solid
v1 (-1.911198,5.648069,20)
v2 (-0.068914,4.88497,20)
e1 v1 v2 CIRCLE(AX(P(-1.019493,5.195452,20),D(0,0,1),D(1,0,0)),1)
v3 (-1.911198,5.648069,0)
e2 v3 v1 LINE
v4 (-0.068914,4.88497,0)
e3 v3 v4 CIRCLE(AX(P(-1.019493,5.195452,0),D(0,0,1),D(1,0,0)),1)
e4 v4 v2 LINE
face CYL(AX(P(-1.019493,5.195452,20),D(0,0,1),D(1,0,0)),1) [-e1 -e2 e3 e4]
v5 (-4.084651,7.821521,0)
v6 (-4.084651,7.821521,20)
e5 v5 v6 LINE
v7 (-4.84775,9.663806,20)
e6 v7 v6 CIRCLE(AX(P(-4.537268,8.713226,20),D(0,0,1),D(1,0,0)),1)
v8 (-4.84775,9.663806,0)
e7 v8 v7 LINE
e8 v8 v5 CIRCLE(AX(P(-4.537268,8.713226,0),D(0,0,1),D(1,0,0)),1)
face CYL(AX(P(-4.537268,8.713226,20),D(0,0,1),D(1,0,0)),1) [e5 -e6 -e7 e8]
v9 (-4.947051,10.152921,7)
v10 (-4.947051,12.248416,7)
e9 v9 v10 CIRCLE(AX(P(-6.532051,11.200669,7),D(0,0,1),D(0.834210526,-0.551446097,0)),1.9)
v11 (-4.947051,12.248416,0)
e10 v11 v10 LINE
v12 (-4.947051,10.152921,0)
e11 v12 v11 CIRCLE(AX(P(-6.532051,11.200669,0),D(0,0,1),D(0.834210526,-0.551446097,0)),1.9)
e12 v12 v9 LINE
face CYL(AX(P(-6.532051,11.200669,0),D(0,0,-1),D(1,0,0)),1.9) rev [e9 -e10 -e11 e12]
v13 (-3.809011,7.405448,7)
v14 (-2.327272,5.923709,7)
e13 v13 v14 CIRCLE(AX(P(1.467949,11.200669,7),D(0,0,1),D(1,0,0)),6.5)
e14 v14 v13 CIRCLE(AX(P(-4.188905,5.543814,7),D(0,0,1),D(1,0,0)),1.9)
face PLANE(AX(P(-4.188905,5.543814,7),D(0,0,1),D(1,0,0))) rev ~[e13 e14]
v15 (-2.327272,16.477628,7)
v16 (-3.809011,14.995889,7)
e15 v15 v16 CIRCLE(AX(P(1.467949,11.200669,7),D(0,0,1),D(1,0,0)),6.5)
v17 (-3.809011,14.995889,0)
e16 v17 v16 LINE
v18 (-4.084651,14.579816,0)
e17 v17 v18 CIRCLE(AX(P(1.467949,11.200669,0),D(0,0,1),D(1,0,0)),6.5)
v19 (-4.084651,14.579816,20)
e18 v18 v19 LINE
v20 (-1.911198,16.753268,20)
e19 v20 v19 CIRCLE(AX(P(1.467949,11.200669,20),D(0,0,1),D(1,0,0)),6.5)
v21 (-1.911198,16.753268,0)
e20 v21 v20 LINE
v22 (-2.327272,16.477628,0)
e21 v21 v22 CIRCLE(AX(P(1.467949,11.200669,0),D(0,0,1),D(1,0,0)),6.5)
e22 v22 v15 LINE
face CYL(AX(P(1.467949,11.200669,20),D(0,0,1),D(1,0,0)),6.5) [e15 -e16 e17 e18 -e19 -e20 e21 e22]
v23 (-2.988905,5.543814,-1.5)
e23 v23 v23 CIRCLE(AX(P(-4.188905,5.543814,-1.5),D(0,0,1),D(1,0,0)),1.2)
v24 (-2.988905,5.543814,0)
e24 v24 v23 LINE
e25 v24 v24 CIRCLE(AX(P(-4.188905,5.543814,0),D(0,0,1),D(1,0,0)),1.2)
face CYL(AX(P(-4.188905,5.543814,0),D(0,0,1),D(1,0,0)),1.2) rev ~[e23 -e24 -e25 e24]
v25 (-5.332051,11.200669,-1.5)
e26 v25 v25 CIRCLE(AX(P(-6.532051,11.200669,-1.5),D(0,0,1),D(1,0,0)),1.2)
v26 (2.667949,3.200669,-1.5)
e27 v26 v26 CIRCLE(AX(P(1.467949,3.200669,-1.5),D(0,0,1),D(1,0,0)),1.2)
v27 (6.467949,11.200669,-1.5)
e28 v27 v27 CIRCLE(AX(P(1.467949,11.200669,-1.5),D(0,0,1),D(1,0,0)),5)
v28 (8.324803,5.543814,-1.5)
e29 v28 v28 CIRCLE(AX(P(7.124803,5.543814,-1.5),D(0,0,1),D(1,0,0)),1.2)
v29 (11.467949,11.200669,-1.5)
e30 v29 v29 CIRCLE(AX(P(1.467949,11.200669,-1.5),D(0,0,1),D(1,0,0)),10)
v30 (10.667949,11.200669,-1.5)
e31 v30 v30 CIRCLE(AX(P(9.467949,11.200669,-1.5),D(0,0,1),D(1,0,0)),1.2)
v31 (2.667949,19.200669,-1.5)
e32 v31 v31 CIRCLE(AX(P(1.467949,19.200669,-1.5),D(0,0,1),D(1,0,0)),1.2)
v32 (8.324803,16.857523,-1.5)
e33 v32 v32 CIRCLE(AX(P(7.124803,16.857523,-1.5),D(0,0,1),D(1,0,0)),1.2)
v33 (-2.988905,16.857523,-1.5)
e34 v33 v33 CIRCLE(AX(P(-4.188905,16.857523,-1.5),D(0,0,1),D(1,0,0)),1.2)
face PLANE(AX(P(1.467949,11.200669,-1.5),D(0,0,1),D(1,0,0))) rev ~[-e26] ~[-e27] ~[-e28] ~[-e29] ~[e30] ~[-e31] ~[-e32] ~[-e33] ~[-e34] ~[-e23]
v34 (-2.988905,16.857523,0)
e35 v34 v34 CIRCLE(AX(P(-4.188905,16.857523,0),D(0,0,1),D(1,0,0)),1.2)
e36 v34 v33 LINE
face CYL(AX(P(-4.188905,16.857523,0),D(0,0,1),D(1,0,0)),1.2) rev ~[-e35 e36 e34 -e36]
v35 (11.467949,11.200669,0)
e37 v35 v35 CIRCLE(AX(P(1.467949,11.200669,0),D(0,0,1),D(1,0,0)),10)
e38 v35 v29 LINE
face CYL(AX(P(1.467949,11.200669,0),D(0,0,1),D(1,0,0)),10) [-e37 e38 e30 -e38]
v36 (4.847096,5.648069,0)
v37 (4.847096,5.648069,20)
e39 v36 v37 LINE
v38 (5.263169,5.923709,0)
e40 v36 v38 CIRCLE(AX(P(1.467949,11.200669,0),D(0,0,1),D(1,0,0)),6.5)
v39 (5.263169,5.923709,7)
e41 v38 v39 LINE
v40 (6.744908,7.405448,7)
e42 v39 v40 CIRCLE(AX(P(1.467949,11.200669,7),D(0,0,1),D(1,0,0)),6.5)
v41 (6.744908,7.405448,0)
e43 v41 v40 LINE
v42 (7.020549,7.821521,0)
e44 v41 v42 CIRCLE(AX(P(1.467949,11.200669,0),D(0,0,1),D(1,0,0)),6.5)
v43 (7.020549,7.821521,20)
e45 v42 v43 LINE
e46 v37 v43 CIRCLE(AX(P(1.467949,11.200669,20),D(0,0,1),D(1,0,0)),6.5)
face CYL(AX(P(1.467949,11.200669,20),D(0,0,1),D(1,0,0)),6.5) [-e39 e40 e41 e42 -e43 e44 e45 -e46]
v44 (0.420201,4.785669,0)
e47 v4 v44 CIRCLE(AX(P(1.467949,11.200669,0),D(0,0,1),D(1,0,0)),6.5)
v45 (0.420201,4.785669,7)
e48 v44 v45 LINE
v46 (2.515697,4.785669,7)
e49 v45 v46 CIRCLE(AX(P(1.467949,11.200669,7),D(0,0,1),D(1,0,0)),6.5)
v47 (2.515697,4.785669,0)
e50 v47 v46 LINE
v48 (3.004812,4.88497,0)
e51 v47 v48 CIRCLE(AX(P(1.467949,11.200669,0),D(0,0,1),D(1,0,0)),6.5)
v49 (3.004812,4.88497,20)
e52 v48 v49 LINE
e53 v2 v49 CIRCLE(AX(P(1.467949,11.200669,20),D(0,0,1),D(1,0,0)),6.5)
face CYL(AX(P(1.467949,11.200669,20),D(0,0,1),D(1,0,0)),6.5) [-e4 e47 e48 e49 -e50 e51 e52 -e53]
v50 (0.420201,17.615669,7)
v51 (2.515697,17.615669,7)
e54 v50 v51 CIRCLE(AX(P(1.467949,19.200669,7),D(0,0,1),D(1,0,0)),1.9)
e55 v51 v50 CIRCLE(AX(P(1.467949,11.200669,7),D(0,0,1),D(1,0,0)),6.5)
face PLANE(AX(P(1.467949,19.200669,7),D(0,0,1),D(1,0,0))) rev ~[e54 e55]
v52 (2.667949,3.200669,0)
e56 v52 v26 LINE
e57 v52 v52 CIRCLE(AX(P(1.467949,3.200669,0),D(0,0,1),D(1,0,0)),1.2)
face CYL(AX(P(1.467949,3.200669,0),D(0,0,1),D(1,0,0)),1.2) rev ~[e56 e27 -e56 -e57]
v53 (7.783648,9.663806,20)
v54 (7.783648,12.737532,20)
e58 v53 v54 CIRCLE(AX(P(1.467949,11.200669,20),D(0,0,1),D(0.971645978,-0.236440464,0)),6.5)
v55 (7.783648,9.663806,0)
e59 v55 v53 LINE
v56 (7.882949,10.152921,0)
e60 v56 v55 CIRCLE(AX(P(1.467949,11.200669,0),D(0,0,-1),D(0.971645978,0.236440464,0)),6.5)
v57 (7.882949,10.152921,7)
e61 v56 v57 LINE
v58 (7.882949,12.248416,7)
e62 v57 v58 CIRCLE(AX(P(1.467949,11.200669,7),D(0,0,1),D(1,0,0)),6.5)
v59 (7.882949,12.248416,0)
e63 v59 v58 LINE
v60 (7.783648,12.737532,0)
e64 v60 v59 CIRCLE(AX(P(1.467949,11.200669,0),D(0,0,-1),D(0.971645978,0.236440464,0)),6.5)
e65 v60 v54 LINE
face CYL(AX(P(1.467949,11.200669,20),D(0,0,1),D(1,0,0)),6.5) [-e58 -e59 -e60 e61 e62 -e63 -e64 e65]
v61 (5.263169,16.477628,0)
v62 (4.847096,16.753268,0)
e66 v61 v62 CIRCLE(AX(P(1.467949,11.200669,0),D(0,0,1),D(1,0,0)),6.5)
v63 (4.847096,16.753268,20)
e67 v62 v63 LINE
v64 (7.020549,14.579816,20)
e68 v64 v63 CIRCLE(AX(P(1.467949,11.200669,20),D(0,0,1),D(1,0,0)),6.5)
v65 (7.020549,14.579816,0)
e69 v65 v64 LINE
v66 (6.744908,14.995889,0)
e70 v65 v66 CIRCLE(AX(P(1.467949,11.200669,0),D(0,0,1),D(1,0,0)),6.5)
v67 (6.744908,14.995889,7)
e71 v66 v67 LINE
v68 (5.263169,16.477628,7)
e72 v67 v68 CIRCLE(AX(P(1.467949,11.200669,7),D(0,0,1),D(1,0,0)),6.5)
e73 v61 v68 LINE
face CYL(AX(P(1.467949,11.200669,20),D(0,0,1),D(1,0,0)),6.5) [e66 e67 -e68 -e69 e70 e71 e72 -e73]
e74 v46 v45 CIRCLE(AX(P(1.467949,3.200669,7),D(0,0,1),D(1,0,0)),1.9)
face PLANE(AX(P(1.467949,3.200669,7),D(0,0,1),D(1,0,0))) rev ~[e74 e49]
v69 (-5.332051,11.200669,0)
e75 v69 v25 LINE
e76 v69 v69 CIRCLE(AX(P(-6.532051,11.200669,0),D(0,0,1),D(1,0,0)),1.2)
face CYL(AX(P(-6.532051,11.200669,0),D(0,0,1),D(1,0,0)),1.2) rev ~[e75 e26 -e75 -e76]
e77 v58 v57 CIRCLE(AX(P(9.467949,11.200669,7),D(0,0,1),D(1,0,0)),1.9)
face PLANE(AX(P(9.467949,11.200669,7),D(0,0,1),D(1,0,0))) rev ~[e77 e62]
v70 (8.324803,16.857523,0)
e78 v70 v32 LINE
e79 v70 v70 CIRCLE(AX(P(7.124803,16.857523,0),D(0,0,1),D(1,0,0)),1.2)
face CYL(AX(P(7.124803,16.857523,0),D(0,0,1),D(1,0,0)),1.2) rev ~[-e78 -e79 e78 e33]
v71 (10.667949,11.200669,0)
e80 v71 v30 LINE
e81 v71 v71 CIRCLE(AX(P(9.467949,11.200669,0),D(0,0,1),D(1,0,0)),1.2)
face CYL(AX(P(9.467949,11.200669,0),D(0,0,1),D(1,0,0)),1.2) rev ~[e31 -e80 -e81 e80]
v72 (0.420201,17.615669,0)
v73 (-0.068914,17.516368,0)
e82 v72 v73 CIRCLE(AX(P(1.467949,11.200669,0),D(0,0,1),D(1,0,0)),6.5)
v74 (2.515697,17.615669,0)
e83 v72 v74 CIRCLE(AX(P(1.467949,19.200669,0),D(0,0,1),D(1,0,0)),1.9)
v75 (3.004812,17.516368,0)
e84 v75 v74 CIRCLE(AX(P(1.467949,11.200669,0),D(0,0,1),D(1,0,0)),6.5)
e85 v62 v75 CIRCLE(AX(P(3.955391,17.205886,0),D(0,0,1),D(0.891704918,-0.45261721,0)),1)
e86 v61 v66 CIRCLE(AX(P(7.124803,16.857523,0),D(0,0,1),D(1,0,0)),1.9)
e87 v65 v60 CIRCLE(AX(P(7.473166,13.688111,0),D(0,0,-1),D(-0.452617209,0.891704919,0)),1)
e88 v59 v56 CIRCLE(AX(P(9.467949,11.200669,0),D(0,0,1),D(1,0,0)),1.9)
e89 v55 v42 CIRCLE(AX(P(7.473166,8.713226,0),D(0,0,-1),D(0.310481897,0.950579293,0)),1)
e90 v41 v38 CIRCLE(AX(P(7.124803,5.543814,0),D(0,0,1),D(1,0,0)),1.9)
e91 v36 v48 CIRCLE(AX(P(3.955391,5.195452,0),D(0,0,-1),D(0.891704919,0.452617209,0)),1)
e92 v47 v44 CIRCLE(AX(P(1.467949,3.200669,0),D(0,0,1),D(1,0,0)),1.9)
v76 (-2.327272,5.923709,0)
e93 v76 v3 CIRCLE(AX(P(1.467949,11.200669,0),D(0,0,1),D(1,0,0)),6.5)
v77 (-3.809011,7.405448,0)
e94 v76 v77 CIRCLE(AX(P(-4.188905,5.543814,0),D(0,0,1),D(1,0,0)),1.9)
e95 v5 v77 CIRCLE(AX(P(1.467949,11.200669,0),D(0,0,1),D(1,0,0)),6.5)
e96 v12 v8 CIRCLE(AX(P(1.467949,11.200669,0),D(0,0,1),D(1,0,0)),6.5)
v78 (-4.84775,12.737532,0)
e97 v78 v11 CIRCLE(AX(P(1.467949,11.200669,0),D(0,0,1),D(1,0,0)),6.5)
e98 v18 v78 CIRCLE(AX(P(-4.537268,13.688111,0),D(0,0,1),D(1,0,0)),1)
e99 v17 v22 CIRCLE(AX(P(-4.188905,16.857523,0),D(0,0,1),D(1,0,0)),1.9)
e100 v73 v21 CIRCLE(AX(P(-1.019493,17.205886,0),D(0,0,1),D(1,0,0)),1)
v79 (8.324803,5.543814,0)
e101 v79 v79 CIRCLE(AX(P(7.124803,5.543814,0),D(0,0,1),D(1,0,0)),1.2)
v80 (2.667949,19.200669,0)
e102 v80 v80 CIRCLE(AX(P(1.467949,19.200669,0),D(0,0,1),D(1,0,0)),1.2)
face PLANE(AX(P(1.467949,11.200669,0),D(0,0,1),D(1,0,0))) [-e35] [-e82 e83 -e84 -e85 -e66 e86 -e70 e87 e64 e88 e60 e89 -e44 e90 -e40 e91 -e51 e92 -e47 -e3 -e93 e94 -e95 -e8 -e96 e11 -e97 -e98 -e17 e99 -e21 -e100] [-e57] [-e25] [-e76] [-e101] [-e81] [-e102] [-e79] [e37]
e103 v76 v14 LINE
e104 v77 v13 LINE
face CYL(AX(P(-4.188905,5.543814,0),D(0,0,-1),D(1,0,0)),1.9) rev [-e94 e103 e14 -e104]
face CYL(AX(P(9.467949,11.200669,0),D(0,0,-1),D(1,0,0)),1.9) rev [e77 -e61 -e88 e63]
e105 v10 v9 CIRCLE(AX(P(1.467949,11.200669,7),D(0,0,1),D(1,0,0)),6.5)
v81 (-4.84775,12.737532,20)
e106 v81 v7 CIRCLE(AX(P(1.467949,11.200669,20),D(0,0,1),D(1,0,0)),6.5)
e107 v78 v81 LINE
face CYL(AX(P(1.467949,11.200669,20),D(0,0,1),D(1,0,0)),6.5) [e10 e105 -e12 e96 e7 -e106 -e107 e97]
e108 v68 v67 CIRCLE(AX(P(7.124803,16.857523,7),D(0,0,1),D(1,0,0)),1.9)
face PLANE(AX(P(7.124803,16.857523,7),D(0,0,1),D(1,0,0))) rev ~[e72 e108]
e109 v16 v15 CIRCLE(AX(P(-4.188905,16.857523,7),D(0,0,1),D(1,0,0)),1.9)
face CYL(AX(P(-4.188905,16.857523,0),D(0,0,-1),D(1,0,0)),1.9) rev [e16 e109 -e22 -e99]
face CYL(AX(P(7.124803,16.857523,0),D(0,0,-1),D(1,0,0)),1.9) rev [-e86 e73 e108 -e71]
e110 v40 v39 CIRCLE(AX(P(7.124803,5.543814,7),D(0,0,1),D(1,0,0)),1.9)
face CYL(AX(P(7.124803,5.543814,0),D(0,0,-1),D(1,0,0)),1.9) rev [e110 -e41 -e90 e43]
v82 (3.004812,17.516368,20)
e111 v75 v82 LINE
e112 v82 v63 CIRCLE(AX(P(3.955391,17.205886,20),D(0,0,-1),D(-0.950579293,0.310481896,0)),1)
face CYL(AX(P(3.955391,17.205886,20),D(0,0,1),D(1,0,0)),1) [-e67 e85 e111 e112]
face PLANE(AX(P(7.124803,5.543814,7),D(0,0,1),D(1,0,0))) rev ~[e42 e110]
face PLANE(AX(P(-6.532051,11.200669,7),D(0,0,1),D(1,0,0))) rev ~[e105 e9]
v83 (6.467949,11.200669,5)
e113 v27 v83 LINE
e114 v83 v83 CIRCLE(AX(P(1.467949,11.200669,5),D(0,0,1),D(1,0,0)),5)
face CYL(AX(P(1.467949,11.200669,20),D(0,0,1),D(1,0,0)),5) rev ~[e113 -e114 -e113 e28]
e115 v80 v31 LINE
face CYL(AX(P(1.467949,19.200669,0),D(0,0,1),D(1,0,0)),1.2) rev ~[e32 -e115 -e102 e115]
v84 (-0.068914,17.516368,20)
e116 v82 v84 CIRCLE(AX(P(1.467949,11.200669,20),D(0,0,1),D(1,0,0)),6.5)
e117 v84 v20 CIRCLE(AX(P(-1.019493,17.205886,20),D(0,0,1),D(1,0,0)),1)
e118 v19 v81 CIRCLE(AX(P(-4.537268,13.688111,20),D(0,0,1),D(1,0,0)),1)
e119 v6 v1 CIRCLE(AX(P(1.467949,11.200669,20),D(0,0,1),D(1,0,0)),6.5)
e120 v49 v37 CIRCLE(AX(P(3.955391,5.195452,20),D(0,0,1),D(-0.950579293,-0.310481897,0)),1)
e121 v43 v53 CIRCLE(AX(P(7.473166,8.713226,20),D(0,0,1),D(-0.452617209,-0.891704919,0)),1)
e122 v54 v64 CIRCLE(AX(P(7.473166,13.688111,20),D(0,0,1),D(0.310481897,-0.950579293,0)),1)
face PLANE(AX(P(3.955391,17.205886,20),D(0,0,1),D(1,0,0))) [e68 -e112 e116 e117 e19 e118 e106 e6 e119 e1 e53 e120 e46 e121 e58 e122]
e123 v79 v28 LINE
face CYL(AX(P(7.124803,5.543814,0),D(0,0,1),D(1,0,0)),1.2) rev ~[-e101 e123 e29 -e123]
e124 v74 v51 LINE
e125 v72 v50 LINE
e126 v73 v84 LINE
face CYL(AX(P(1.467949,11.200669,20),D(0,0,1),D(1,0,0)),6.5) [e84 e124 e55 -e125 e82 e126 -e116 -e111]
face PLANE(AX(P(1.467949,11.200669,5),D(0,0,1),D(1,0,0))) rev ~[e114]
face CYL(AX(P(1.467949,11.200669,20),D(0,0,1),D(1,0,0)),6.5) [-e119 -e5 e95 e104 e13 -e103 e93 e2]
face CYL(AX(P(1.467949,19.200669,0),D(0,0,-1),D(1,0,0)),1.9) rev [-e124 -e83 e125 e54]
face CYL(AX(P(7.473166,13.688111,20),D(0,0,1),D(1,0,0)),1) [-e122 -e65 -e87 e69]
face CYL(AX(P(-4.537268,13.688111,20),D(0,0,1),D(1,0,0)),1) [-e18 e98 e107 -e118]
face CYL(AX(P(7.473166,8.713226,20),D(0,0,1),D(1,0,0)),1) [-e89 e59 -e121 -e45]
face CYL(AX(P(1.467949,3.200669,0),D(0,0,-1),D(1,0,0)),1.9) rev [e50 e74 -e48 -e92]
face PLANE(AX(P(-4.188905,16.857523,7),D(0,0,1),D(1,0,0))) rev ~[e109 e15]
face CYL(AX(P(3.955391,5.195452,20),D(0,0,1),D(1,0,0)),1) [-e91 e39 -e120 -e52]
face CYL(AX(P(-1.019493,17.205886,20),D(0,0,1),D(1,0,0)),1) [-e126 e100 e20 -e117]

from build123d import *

# Parameters (mm, degrees)
CROQUIS1_R              = 10
CROQUIS1_R_2            = 5
SALIENTE_EXTRUIR1_DEPTH = 1.5
CORTAR_EXTRUIR1_REACH   = 26.15
CROQUIS2_R              = 1.2
SALIENTE_EXTRUIR2_START = 20
CROQUIS3_R              = 6.5
CROQUIS3_R_2            = 5
SALIENTE_EXTRUIR2_DEPTH = 20
CROQUIS5_R              = 1
SALIENTE_EXTRUIR3_DEPTH = 20
CROQUIS7_R              = 1.9
CORTAR_EXTRUIR3_DEPTH   = 7
CROQUIS8_R              = 6
SALIENTE_EXTRUIR4_DEPTH = 15


with BuildPart() as part:
    # Croquis1 → Saliente-Extruir1 (new body)
    with BuildSketch(Plane.XY):
        with Locations((1.467948917, 11.200668728)):
            Circle(CROQUIS1_R)
        with Locations((1.467948917, 11.200668728)):
            Circle(CROQUIS1_R_2, mode=Mode.SUBTRACT)
    extrude(amount=-SALIENTE_EXTRUIR1_DEPTH)

    # Croquis2 → Cortar-Extruir1 (cut, up to next)
    with BuildSketch(Plane.XY, mode=Mode.PRIVATE) as cortar_extruir1_sk1:
        with Locations((1.467948917, 19.200668728)):
            Circle(CROQUIS2_R)
    cortar_extruir1_tool1 = extrude(cortar_extruir1_sk1.sketch, amount=-CORTAR_EXTRUIR1_REACH, mode=Mode.PRIVATE) & part.part
    # Croquis2 → Cortar-Extruir1 (cut, up to next)
    with BuildSketch(Plane.XY, mode=Mode.PRIVATE) as cortar_extruir1_sk2:
        with Locations((7.124803167, 16.857522978)):
            Circle(CROQUIS2_R)
    cortar_extruir1_tool2 = extrude(cortar_extruir1_sk2.sketch, amount=-CORTAR_EXTRUIR1_REACH, mode=Mode.PRIVATE) & part.part
    # Croquis2 → Cortar-Extruir1 (cut, up to next)
    with BuildSketch(Plane.XY, mode=Mode.PRIVATE) as cortar_extruir1_sk3:
        with Locations((9.467948917, 11.200668728)):
            Circle(CROQUIS2_R)
    cortar_extruir1_tool3 = extrude(cortar_extruir1_sk3.sketch, amount=-CORTAR_EXTRUIR1_REACH, mode=Mode.PRIVATE) & part.part
    # Croquis2 → Cortar-Extruir1 (cut, up to next)
    with BuildSketch(Plane.XY, mode=Mode.PRIVATE) as cortar_extruir1_sk4:
        with Locations((7.124803167, 5.543814479)):
            Circle(CROQUIS2_R)
    cortar_extruir1_tool4 = extrude(cortar_extruir1_sk4.sketch, amount=-CORTAR_EXTRUIR1_REACH, mode=Mode.PRIVATE) & part.part
    # Croquis2 → Cortar-Extruir1 (cut, up to next)
    with BuildSketch(Plane.XY, mode=Mode.PRIVATE) as cortar_extruir1_sk5:
        with Locations((1.467948917, 3.200668728)):
            Circle(CROQUIS2_R)
    cortar_extruir1_tool5 = extrude(cortar_extruir1_sk5.sketch, amount=-CORTAR_EXTRUIR1_REACH, mode=Mode.PRIVATE) & part.part
    # Croquis2 → Cortar-Extruir1 (cut, up to next)
    with BuildSketch(Plane.XY, mode=Mode.PRIVATE) as cortar_extruir1_sk6:
        with Locations((-4.188905332, 5.543814479)):
            Circle(CROQUIS2_R)
    cortar_extruir1_tool6 = extrude(cortar_extruir1_sk6.sketch, amount=-CORTAR_EXTRUIR1_REACH, mode=Mode.PRIVATE) & part.part
    # Croquis2 → Cortar-Extruir1 (cut, up to next)
    with BuildSketch(Plane.XY, mode=Mode.PRIVATE) as cortar_extruir1_sk7:
        with Locations((-6.532051083, 11.200668728)):
            Circle(CROQUIS2_R)
    cortar_extruir1_tool7 = extrude(cortar_extruir1_sk7.sketch, amount=-CORTAR_EXTRUIR1_REACH, mode=Mode.PRIVATE) & part.part
    # Croquis2 → Cortar-Extruir1 (cut, up to next)
    with BuildSketch(Plane.XY, mode=Mode.PRIVATE) as cortar_extruir1_sk8:
        with Locations((-4.188905332, 16.857522978)):
            Circle(CROQUIS2_R)
    cortar_extruir1_tool8 = extrude(cortar_extruir1_sk8.sketch, amount=-CORTAR_EXTRUIR1_REACH, mode=Mode.PRIVATE) & part.part
    add(cortar_extruir1_tool1.solids().sort_by_distance((1.467949, 19.200669, 0))[0], mode=Mode.SUBTRACT)
    add(cortar_extruir1_tool2.solids().sort_by_distance((7.124803, 16.857523, 0))[0], mode=Mode.SUBTRACT)
    add(cortar_extruir1_tool3.solids().sort_by_distance((9.467949, 11.200669, 0))[0], mode=Mode.SUBTRACT)
    add(cortar_extruir1_tool4.solids().sort_by_distance((7.124803, 5.543814, 0))[0], mode=Mode.SUBTRACT)
    add(cortar_extruir1_tool5.solids().sort_by_distance((1.467949, 3.200669, 0))[0], mode=Mode.SUBTRACT)
    add(cortar_extruir1_tool6.solids().sort_by_distance((-4.188905, 5.543814, 0))[0], mode=Mode.SUBTRACT)
    add(cortar_extruir1_tool7.solids().sort_by_distance((-6.532051, 11.200669, 0))[0], mode=Mode.SUBTRACT)
    add(cortar_extruir1_tool8.solids().sort_by_distance((-4.188905, 16.857523, 0))[0], mode=Mode.SUBTRACT)

    # Croquis3 → Saliente-Extruir2 (add)
    with BuildSketch(Plane.XY.offset(SALIENTE_EXTRUIR2_START)):
        with Locations((1.467948917, 11.200668728)):
            Circle(CROQUIS3_R)
        with Locations((1.467948917, 11.200668728)):
            Circle(CROQUIS3_R_2, mode=Mode.SUBTRACT)
    extrude(amount=-SALIENTE_EXTRUIR2_DEPTH)

    # Croquis5 → Saliente-Extruir3 (add)
    with BuildSketch(Plane.XY.offset(20)):
        with Locations((3.955391227, 17.20588569)):
            Circle(CROQUIS5_R)
        with Locations((7.473165878, 13.688111039)):
            Circle(CROQUIS5_R)
        with Locations((7.473165878, 8.713226418)):
            Circle(CROQUIS5_R)
        with Locations((3.955391227, 5.195451767)):
            Circle(CROQUIS5_R)
        with Locations((-1.019493393, 5.195451767)):
            Circle(CROQUIS5_R)
        with Locations((-4.537268044, 8.713226418)):
            Circle(CROQUIS5_R)
        with Locations((-4.537268044, 13.688111039)):
            Circle(CROQUIS5_R)
        with Locations((-1.019493393, 17.20588569)):
            Circle(CROQUIS5_R)
    extrude(amount=-SALIENTE_EXTRUIR3_DEPTH)

    # Croquis7 → Cortar-Extruir3 (cut)
    with BuildSketch(Plane.XY):
        with Locations((-4.188905332, 16.857522978)):
            Circle(CROQUIS7_R)
        with Locations((1.467948917, 19.200668728)):
            Circle(CROQUIS7_R)
        with Locations((7.124803167, 16.857522978)):
            Circle(CROQUIS7_R)
        with Locations((9.467948917, 11.200668728)):
            Circle(CROQUIS7_R)
        with Locations((7.124803167, 5.543814479)):
            Circle(CROQUIS7_R)
        with Locations((1.467948917, 3.200668728)):
            Circle(CROQUIS7_R)
        with Locations((-4.188905332, 5.543814479)):
            Circle(CROQUIS7_R)
        with Locations((-6.532051083, 11.200668728)):
            Circle(CROQUIS7_R)
    extrude(amount=CORTAR_EXTRUIR3_DEPTH, mode=Mode.SUBTRACT)

    # Croquis8 → Saliente-Extruir4 (add)
    with BuildSketch(Plane.XY.offset(20)):
        with Locations((1.467948917, 11.200668728)):
            Circle(CROQUIS8_R)
    extrude(amount=-SALIENTE_EXTRUIR4_DEPTH)


solid = part.part
